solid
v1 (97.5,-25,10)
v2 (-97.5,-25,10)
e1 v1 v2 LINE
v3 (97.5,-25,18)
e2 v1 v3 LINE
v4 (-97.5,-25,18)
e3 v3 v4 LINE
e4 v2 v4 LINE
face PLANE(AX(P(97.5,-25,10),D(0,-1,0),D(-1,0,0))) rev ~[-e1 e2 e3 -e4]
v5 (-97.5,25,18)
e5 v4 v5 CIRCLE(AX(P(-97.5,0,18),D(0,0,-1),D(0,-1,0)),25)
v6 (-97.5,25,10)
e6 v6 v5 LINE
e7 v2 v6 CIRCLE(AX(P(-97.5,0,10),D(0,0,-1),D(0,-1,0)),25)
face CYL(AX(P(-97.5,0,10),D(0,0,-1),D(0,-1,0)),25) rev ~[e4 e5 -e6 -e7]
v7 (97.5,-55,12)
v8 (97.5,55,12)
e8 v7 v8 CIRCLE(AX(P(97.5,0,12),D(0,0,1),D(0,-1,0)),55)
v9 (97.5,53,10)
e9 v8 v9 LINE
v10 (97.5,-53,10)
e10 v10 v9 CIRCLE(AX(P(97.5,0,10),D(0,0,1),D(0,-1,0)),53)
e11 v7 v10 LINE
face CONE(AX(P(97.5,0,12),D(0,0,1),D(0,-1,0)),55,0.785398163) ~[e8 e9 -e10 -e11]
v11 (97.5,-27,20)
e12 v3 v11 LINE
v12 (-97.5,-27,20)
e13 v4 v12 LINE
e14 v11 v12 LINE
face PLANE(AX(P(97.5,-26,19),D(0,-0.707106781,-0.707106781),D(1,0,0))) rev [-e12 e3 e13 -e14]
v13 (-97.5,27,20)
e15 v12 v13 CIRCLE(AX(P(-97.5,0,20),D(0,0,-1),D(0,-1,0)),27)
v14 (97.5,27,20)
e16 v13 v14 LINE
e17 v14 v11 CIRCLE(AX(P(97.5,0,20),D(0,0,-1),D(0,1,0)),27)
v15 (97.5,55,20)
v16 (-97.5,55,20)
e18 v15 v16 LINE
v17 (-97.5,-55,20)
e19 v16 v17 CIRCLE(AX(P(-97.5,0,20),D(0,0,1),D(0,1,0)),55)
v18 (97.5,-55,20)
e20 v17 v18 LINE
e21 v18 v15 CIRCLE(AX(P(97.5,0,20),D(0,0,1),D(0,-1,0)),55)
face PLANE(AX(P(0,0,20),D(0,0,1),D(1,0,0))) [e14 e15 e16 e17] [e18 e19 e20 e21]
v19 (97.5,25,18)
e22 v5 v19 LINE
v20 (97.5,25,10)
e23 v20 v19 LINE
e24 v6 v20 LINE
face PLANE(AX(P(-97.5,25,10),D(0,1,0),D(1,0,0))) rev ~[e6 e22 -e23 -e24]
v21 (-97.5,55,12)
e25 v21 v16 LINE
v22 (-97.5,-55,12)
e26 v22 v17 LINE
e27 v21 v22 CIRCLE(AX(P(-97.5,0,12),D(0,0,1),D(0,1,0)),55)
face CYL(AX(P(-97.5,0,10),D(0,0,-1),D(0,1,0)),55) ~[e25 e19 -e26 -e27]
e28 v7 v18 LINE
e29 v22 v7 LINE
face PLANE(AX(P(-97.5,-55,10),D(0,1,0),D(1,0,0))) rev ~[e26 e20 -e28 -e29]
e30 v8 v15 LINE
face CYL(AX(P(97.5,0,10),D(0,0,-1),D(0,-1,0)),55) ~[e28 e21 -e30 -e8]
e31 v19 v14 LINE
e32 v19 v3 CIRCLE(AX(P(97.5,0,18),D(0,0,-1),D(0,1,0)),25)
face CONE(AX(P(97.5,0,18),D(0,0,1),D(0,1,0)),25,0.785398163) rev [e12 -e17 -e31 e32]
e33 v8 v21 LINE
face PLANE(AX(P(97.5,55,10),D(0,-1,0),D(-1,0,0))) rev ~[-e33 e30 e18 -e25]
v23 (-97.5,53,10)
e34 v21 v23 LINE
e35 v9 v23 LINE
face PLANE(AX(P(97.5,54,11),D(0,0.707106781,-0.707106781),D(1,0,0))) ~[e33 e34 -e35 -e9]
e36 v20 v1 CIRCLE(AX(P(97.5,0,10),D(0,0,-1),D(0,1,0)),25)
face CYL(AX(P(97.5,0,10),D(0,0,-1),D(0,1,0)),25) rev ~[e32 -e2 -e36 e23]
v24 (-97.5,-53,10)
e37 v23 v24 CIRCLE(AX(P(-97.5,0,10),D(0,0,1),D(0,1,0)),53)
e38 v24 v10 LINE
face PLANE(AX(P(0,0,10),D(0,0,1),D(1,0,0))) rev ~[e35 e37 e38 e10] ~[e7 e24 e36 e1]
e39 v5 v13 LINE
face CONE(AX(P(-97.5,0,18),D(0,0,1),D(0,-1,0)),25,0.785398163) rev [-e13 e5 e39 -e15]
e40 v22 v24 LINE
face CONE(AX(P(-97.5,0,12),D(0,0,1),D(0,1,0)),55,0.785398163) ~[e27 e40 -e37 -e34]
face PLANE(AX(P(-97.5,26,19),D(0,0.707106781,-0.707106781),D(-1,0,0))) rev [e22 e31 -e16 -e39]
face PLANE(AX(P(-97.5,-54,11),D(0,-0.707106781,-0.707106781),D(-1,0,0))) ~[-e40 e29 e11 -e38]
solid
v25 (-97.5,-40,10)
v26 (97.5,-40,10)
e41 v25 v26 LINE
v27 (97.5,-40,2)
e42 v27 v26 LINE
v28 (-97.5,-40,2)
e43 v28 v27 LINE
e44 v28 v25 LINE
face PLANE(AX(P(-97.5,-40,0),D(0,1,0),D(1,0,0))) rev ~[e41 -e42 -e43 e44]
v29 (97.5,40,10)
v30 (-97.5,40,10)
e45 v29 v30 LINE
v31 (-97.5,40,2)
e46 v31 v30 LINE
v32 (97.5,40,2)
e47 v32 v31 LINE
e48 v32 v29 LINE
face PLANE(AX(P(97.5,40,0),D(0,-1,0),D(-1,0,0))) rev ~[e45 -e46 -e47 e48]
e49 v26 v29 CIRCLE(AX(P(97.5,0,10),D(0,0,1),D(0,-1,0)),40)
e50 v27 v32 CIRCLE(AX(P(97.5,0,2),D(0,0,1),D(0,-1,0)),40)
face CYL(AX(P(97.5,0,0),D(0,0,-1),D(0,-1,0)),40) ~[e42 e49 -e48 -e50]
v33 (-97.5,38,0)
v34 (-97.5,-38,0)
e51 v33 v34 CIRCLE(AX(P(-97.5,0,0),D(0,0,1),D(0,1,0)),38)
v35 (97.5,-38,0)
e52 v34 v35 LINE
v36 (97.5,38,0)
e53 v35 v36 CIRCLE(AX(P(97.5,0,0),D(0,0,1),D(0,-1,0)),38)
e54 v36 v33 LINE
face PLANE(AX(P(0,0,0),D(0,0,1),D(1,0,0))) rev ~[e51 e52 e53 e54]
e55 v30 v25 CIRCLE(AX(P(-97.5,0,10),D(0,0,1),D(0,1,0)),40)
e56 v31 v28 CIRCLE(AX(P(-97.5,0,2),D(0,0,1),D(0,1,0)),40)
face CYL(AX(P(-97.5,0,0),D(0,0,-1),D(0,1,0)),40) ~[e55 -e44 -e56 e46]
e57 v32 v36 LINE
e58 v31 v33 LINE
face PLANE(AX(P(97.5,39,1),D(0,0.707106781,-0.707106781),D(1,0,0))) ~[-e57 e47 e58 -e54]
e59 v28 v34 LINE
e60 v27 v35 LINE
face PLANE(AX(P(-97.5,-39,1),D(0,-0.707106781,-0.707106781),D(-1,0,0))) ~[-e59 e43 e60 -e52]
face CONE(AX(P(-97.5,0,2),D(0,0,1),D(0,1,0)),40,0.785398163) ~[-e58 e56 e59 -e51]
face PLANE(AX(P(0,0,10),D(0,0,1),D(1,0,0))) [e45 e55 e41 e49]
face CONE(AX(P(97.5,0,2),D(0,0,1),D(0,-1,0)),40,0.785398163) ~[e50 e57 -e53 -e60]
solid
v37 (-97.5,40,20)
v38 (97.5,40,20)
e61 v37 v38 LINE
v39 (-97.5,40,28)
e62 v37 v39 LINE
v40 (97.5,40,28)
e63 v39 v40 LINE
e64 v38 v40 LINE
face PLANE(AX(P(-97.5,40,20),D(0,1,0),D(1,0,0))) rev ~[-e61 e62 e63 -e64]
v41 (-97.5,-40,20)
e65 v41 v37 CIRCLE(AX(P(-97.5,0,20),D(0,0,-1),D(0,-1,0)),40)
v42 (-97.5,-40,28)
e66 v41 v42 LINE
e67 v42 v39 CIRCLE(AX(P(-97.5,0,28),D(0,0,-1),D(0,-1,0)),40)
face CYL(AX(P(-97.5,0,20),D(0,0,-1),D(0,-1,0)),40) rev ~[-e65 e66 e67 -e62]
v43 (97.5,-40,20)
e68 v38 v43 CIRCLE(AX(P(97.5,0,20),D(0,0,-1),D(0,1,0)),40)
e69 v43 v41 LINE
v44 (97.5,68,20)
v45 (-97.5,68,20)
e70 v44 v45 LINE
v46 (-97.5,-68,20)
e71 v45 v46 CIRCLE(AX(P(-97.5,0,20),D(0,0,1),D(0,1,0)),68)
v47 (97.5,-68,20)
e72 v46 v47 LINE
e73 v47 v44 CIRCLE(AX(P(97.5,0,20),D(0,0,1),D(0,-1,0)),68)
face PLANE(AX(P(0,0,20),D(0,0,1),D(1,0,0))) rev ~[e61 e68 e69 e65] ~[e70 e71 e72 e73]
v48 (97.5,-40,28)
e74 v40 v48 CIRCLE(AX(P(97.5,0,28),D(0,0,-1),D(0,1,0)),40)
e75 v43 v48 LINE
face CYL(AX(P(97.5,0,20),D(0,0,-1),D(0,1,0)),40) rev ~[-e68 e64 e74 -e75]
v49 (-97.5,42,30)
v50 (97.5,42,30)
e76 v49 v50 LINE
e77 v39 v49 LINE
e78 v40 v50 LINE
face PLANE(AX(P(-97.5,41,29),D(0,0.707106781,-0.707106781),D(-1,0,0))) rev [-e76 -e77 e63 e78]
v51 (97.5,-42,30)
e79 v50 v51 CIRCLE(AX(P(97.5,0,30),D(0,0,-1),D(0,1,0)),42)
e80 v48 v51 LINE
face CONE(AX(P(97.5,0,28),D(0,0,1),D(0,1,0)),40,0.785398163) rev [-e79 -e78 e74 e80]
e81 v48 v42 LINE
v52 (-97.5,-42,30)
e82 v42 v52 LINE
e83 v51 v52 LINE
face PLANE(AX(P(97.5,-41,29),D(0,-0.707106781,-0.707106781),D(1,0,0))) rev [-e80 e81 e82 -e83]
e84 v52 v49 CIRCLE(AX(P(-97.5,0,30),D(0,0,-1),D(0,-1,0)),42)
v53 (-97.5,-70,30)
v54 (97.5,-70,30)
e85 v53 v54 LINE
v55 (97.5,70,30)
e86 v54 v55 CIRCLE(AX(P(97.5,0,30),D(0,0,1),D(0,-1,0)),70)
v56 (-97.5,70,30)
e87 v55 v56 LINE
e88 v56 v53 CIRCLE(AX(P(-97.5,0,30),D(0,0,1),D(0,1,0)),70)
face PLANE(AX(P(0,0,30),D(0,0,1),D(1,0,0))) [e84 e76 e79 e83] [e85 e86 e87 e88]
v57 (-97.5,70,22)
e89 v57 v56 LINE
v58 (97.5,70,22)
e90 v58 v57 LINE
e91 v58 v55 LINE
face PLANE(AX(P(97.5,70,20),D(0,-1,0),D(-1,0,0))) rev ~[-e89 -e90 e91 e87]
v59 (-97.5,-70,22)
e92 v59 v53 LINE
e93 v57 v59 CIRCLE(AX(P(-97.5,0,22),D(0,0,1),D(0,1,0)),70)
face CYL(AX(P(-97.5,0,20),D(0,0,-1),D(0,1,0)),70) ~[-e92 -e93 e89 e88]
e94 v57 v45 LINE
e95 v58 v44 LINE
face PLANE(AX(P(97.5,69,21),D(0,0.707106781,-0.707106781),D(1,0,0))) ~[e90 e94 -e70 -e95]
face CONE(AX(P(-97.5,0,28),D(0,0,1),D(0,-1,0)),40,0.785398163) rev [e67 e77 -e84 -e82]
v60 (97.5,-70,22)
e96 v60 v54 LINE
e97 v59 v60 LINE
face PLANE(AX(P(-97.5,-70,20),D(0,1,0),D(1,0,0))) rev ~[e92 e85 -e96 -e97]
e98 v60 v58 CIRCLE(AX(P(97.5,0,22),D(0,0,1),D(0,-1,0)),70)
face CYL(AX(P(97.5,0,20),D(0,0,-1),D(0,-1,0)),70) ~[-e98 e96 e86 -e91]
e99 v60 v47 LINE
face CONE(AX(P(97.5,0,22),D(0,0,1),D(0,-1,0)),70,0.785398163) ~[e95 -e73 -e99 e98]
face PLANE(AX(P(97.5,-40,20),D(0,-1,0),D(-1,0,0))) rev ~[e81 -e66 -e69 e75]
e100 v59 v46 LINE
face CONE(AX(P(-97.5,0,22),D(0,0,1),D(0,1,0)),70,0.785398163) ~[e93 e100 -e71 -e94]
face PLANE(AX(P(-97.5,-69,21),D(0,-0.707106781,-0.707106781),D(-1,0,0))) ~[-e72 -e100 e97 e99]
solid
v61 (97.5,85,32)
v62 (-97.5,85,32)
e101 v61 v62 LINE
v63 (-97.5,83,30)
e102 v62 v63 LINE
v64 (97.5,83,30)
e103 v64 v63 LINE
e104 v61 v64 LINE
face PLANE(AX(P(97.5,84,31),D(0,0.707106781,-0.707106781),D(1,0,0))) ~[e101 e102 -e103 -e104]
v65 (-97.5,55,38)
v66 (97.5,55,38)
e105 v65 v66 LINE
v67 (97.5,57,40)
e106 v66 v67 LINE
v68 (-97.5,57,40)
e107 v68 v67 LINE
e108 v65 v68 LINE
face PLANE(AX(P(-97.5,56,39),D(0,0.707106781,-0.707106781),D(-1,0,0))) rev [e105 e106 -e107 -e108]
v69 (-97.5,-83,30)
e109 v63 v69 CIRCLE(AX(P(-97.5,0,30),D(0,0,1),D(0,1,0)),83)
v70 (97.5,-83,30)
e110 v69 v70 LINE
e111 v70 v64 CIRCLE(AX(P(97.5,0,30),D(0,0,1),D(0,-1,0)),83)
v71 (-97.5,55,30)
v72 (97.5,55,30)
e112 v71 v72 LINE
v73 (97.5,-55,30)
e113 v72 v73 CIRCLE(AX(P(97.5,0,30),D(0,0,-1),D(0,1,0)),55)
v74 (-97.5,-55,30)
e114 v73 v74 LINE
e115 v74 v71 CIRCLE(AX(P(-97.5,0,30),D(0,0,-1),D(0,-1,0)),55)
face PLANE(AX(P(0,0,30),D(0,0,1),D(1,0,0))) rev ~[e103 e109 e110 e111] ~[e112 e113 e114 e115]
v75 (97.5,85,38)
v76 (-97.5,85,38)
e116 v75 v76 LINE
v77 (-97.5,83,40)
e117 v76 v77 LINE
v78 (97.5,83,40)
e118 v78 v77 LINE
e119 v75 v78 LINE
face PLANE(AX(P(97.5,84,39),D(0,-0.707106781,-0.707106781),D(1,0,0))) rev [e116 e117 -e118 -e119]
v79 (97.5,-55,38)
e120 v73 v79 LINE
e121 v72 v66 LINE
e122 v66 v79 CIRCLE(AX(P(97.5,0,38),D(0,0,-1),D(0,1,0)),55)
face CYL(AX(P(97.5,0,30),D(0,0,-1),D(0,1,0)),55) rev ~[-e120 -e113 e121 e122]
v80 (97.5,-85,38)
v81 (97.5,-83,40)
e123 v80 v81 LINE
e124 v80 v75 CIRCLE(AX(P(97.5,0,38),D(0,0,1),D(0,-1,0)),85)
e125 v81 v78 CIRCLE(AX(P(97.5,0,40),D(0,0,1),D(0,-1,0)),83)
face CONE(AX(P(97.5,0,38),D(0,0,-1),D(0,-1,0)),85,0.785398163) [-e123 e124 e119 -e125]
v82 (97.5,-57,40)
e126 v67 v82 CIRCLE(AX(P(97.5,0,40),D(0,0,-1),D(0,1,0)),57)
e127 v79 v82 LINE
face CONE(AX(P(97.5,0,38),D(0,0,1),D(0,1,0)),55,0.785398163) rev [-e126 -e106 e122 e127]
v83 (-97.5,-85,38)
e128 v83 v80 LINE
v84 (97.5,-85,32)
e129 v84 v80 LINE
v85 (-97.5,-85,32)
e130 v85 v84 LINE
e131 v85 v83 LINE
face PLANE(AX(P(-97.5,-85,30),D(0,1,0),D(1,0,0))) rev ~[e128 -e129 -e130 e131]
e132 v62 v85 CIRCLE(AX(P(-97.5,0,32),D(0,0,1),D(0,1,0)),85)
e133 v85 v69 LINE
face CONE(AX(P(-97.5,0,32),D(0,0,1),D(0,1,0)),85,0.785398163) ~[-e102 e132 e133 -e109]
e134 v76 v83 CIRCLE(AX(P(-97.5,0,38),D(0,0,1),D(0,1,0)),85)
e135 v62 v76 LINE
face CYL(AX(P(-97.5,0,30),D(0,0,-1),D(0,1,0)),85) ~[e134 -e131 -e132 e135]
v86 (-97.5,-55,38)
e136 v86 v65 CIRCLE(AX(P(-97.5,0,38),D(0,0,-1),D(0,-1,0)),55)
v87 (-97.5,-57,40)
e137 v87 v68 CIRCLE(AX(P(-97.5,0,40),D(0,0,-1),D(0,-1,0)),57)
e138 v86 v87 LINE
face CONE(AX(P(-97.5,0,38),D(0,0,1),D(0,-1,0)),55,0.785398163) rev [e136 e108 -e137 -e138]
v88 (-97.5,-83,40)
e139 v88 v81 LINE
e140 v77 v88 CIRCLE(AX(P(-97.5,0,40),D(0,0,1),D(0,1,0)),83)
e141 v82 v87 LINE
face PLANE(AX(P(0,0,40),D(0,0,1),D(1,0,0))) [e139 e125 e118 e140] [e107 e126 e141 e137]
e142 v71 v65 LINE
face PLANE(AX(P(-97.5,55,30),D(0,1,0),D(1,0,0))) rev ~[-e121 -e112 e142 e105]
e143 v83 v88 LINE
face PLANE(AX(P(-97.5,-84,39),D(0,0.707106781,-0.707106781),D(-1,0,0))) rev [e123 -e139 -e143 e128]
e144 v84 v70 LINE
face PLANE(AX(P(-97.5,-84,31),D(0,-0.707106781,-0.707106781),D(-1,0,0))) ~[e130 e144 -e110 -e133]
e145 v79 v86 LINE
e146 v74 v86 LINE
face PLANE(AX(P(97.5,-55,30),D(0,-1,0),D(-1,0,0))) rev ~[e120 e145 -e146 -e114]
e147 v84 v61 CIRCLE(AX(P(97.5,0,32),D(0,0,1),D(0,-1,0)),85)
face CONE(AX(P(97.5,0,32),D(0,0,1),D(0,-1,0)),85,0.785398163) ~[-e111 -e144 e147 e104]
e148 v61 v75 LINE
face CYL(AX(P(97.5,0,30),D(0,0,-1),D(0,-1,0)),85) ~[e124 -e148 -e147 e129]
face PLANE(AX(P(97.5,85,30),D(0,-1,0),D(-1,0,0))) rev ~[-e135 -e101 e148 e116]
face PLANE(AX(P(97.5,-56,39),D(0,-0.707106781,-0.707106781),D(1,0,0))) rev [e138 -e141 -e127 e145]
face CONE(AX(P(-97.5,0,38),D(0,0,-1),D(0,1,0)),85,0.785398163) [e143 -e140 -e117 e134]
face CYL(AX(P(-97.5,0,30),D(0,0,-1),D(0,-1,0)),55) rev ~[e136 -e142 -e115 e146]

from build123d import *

# Parameters (mm, degrees)
F1_DEPTH  = 10
F3_DEPTH  = 10
F5_DEPTH  = 10
F7_DEPTH  = 10
F8_SIZE   = 2
F8_2_SIZE = 2
F8_3_SIZE = 2
F8_4_SIZE = 2


with BuildPart() as f1:
    # F0 (on Top) → F1 (new body)
    with BuildSketch(Plane.XY):
        with BuildLine():
            Line((97.5, 40), (-97.5, 40))
            ThreePointArc((-97.5, 40), (-137.5, 0), (-97.5, -40))
            Line((-97.5, -40), (97.5, -40))
            ThreePointArc((97.5, -40), (137.5, 0), (97.5, 40))
        make_face()
    extrude(amount=F1_DEPTH)

    # F8#4
    f8_4_edges = [f1.edges().sort_by_distance(p)[0] for p in [
        (0, 40, 0),
    ]]
    chamfer(f8_4_edges, length=F8_4_SIZE)


with BuildPart() as f3:
    # F2 (on face) → F3 (new body)
    with BuildSketch(Plane.XY.offset(10)):
        with BuildLine():
            ThreePointArc((-97.5, 55), (-152.5, 0), (-97.5, -55))
            Line((-97.5, -55), (97.5, -55))
            ThreePointArc((97.5, -55), (152.5, 0), (97.5, 55))
            Line((97.5, 55), (-97.5, 55))
        make_face()
        with BuildLine():
            ThreePointArc((-97.5, -40), (-137.5, 0), (-97.5, 40))
            Line((-97.5, 40), (97.5, 40))
            ThreePointArc((97.5, 40), (137.5, 0), (97.5, -40))
            Line((97.5, -40), (-97.5, -40))
        make_face(mode=Mode.SUBTRACT)
        with BuildLine():
            Line((97.5, 40), (-97.5, 40))
            ThreePointArc((-97.5, 40), (-137.5, 0), (-97.5, -40))
            Line((-97.5, -40), (97.5, -40))
            ThreePointArc((97.5, -40), (137.5, 0), (97.5, 40))
        make_face()
        with BuildLine():
            Line((97.5, -25), (-97.5, -25))
            ThreePointArc((-97.5, -25), (-122.5, 0), (-97.5, 25))
            Line((-97.5, 25), (97.5, 25))
            ThreePointArc((97.5, 25), (122.5, 0), (97.5, -25))
        make_face(mode=Mode.SUBTRACT)
    extrude(amount=F3_DEPTH)

    # F8
    f8_edges = [f3.edges().sort_by_distance(p)[0] for p in [
        (0, -25, 20),
        (0, 55, 10),
    ]]
    chamfer(f8_edges, length=F8_SIZE)


with BuildPart() as f5:
    # F4 (on face) → F5 (new body)
    with BuildSketch(Plane.XY.offset(20)):
        with BuildLine():
            Line((97.5, 70), (-97.5, 70))
            ThreePointArc((-97.5, 70), (-167.5, 0), (-97.5, -70))
            Line((-97.5, -70), (97.5, -70))
            ThreePointArc((97.5, -70), (167.5, 0), (97.5, 70))
        make_face()
        with BuildLine():
            ThreePointArc((-97.5, -55), (-152.5, 0), (-97.5, 55))
            Line((-97.5, 55), (97.5, 55))
            ThreePointArc((97.5, 55), (152.5, 0), (97.5, -55))
            Line((97.5, -55), (-97.5, -55))
        make_face(mode=Mode.SUBTRACT)
        with BuildLine():
            Line((97.5, 55), (-97.5, 55))
            ThreePointArc((-97.5, 55), (-152.5, 0), (-97.5, -55))
            Line((-97.5, -55), (97.5, -55))
            ThreePointArc((97.5, -55), (152.5, 0), (97.5, 55))
        make_face()
        with BuildLine():
            ThreePointArc((-97.5, -40), (-137.5, 0), (-97.5, 40))
            Line((-97.5, 40), (97.5, 40))
            ThreePointArc((97.5, 40), (137.5, 0), (97.5, -40))
            Line((97.5, -40), (-97.5, -40))
        make_face(mode=Mode.SUBTRACT)
    extrude(amount=F5_DEPTH)

    # F8#2
    f8_2_edges = [f5.edges().sort_by_distance(p)[0] for p in [
        (0, -40, 30),
        (0, 70, 20),
    ]]
    chamfer(f8_2_edges, length=F8_2_SIZE)


with BuildPart() as f7:
    # F6 (on face) → F7 (new body)
    with BuildSketch(Plane.XY.offset(30)):
        with BuildLine():
            ThreePointArc((-97.5, 85), (-182.5, 0), (-97.5, -85))
            Line((-97.5, -85), (97.5, -85))
            ThreePointArc((97.5, -85), (182.5, 0), (97.5, 85))
            Line((97.5, 85), (-97.5, 85))
        make_face()
        with BuildLine():
            Line((97.5, -70), (-97.5, -70))
            ThreePointArc((-97.5, -70), (-167.5, 0), (-97.5, 70))
            Line((-97.5, 70), (97.5, 70))
            ThreePointArc((97.5, 70), (167.5, 0), (97.5, -70))
        make_face(mode=Mode.SUBTRACT)
        with BuildLine():
            ThreePointArc((-97.5, 70), (-167.5, 0), (-97.5, -70))
            Line((-97.5, -70), (97.5, -70))
            ThreePointArc((97.5, -70), (167.5, 0), (97.5, 70))
            Line((97.5, 70), (-97.5, 70))
        make_face()
        with BuildLine():
            ThreePointArc((97.5, 55), (152.5, 0), (97.5, -55))
            Line((97.5, -55), (-97.5, -55))
            ThreePointArc((-97.5, -55), (-152.5, 0), (-97.5, 55))
            Line((-97.5, 55), (97.5, 55))
        make_face(mode=Mode.SUBTRACT)
    extrude(amount=F7_DEPTH)

    # F8#3
    f8_3_edges = [f7.edges().sort_by_distance(p)[0] for p in [
        (0, -55, 40),
        (0, 85, 40),
        (-182.5, 0, 30),
    ]]
    chamfer(f8_3_edges, length=F8_3_SIZE)


solid = Compound([f1.part, f3.part, f5.part, f7.part])
